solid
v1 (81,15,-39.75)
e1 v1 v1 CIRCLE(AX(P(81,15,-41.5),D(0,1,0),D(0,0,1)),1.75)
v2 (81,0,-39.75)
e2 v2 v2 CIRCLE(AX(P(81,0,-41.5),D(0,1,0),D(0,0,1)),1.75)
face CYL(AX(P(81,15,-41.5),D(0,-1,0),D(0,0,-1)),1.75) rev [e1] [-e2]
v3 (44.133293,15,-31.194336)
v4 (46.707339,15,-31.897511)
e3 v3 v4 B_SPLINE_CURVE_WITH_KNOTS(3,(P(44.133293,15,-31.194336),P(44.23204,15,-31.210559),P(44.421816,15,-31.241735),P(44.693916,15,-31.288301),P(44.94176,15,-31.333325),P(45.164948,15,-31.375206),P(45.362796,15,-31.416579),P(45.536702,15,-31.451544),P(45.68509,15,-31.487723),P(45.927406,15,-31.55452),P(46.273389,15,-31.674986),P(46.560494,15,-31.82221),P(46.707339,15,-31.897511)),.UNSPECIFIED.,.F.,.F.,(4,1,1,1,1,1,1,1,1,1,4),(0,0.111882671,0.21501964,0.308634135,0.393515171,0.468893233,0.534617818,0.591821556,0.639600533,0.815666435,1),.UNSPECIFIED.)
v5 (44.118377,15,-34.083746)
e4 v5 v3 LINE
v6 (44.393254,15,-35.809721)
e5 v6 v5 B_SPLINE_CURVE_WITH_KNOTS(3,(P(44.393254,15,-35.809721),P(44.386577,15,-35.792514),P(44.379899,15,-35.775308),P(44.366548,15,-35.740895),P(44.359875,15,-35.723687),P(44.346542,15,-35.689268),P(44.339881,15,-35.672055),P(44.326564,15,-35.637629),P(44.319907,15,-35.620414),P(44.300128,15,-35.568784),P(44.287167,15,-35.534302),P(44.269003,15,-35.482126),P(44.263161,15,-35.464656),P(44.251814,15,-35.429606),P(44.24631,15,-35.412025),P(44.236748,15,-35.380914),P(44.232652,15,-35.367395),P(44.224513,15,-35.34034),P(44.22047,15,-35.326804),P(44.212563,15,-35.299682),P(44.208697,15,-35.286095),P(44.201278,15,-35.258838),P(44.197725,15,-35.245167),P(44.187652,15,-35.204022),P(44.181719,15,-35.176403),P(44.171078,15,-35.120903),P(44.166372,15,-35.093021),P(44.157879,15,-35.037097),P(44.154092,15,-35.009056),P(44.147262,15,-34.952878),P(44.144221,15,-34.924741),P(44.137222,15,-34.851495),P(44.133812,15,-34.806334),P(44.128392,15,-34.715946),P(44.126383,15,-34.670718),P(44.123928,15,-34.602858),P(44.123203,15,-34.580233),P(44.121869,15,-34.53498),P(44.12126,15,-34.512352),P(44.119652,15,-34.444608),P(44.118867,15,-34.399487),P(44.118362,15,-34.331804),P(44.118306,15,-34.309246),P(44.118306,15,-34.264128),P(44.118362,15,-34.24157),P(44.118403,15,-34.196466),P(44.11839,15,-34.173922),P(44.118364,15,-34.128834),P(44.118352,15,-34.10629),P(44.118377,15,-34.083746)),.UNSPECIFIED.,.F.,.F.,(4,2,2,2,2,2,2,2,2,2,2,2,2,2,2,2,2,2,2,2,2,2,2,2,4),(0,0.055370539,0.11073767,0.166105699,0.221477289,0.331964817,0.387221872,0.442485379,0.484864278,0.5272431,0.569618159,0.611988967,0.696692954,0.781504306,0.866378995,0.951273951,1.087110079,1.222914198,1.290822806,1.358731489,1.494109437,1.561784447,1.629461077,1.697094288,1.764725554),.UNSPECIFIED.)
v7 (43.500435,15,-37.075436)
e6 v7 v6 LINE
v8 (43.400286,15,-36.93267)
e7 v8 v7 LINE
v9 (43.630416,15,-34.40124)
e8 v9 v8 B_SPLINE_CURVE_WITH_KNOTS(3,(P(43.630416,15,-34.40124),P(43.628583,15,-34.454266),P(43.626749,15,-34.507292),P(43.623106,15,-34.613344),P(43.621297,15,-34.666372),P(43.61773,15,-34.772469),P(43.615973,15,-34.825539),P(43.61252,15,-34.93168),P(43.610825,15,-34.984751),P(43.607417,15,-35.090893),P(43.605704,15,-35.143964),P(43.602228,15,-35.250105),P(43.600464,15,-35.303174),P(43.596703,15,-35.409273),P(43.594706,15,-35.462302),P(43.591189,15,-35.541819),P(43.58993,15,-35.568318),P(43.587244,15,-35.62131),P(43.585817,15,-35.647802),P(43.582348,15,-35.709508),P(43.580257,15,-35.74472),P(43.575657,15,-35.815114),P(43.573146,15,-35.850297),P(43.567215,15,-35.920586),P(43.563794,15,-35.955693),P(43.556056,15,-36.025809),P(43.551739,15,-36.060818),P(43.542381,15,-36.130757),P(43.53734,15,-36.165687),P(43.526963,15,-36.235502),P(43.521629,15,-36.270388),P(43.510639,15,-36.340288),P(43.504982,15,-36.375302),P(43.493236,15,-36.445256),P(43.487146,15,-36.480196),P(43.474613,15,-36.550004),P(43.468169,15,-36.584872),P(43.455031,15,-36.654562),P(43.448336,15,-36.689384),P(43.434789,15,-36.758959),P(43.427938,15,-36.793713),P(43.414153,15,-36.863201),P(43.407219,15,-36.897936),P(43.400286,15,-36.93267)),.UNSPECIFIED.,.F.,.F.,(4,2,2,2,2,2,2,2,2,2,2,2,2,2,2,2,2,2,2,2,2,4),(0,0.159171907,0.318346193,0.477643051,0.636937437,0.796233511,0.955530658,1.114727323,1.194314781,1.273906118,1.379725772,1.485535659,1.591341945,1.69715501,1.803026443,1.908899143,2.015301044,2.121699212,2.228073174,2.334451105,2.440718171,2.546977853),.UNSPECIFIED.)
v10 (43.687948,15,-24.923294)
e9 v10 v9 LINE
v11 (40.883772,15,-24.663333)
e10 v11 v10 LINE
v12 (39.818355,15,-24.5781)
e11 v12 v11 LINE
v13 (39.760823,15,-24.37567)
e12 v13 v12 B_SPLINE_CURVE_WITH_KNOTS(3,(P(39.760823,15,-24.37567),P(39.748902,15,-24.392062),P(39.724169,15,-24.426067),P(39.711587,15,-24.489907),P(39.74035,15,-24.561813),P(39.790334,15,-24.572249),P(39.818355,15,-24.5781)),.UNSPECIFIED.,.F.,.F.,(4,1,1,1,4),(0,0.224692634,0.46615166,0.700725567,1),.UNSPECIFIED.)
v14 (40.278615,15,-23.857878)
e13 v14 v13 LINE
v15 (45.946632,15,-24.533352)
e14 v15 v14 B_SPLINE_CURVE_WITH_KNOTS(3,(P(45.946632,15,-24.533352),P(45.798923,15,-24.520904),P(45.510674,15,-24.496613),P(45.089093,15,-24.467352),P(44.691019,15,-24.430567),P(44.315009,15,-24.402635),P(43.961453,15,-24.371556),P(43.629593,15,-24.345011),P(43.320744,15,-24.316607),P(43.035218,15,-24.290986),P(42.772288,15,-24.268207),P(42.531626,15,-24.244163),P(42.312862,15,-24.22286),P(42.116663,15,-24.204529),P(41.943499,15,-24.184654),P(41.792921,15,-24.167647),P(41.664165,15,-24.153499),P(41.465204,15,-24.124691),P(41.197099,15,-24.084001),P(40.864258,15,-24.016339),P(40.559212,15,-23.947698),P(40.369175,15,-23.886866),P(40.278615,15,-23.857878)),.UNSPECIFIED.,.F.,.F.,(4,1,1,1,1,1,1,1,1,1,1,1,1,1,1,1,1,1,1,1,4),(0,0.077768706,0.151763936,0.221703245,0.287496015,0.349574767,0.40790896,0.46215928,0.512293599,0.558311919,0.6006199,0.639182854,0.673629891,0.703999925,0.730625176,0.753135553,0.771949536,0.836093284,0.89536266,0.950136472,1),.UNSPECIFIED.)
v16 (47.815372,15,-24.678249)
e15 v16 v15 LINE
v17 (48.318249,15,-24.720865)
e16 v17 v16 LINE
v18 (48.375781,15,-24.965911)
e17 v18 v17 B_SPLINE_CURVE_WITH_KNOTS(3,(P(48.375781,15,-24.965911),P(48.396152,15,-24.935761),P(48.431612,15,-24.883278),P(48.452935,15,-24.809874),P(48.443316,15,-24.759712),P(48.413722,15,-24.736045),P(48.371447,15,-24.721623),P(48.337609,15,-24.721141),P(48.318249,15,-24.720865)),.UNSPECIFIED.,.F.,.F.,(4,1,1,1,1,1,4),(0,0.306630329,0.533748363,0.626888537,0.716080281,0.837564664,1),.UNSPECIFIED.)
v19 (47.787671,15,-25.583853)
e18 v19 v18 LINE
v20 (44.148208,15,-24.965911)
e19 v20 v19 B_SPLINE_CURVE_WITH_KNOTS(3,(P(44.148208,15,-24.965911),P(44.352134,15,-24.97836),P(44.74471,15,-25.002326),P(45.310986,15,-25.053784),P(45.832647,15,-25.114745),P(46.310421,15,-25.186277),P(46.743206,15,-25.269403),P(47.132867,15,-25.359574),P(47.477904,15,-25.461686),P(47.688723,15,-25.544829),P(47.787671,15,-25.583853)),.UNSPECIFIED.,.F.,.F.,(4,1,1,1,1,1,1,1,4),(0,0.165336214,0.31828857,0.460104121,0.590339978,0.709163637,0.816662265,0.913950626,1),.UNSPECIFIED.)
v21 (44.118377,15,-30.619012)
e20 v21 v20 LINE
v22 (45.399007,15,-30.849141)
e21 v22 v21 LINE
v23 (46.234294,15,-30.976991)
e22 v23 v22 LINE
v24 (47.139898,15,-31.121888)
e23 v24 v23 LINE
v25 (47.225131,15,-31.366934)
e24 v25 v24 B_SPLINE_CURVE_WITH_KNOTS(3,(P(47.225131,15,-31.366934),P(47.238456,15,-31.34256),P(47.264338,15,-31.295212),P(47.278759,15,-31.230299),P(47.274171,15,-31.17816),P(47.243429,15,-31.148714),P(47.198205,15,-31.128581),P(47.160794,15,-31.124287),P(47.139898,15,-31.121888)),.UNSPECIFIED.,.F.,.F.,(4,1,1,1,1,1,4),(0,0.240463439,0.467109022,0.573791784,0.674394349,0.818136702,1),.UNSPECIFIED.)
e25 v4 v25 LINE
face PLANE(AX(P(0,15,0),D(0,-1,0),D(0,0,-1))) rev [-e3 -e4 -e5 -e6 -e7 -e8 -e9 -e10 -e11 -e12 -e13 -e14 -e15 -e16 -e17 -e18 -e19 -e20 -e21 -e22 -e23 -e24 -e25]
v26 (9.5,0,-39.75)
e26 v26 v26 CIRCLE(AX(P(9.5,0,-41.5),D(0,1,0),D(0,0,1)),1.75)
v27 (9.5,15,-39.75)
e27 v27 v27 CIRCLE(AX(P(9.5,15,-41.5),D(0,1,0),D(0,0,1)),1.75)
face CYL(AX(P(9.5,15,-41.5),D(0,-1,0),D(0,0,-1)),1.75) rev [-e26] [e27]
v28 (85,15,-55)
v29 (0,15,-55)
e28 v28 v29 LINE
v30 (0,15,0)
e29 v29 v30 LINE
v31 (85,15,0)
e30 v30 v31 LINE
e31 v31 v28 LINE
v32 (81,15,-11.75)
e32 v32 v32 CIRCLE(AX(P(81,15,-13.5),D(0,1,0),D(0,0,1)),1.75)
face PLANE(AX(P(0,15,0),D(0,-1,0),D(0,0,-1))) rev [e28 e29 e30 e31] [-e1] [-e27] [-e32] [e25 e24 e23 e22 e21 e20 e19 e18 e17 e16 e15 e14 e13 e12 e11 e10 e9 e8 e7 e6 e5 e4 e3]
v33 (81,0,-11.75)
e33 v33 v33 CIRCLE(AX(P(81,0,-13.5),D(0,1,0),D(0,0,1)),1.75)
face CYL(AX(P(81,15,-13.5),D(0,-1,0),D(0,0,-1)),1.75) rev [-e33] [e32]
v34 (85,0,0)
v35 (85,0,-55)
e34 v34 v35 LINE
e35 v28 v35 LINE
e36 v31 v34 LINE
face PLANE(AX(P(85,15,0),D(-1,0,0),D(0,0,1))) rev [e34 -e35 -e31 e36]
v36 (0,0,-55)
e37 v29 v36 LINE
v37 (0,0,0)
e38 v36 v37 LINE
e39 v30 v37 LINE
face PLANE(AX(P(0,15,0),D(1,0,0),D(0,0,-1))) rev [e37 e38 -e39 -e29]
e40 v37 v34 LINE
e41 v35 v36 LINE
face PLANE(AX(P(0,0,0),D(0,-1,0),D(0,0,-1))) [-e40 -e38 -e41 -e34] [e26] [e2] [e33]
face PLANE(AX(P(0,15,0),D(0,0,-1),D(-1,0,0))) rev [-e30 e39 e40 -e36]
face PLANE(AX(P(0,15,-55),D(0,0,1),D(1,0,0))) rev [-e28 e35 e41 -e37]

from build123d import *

# Parameters (mm, degrees)
SKETCH_1_W      = 85
SKETCH_1_H      = 55
SKETCH_1_R      = 1.75
EXTRUDE_1_DEPTH = 15


with BuildPart() as part:
    # 草图1 → 凸台-拉伸1 (new body)
    with BuildSketch(Plane(origin=(0, 0, 0), x_dir=(1, 0, 0), z_dir=(0, 1, 0))):
        with Locations((42.5, 27.5)):
            Rectangle(SKETCH_1_W, SKETCH_1_H)
        with Locations(Location((81, 41.5, 0), (0, 0, 270))):
            Circle(SKETCH_1_R, mode=Mode.SUBTRACT)
        with Locations(Location((81, 13.5, 0), (0, 0, 270))):
            Circle(SKETCH_1_R, mode=Mode.SUBTRACT)
        with Locations(Location((9.5, 41.5, 0), (0, 0, 270))):
            Circle(SKETCH_1_R, mode=Mode.SUBTRACT)
    extrude(amount=EXTRUDE_1_DEPTH)


solid = part.part
